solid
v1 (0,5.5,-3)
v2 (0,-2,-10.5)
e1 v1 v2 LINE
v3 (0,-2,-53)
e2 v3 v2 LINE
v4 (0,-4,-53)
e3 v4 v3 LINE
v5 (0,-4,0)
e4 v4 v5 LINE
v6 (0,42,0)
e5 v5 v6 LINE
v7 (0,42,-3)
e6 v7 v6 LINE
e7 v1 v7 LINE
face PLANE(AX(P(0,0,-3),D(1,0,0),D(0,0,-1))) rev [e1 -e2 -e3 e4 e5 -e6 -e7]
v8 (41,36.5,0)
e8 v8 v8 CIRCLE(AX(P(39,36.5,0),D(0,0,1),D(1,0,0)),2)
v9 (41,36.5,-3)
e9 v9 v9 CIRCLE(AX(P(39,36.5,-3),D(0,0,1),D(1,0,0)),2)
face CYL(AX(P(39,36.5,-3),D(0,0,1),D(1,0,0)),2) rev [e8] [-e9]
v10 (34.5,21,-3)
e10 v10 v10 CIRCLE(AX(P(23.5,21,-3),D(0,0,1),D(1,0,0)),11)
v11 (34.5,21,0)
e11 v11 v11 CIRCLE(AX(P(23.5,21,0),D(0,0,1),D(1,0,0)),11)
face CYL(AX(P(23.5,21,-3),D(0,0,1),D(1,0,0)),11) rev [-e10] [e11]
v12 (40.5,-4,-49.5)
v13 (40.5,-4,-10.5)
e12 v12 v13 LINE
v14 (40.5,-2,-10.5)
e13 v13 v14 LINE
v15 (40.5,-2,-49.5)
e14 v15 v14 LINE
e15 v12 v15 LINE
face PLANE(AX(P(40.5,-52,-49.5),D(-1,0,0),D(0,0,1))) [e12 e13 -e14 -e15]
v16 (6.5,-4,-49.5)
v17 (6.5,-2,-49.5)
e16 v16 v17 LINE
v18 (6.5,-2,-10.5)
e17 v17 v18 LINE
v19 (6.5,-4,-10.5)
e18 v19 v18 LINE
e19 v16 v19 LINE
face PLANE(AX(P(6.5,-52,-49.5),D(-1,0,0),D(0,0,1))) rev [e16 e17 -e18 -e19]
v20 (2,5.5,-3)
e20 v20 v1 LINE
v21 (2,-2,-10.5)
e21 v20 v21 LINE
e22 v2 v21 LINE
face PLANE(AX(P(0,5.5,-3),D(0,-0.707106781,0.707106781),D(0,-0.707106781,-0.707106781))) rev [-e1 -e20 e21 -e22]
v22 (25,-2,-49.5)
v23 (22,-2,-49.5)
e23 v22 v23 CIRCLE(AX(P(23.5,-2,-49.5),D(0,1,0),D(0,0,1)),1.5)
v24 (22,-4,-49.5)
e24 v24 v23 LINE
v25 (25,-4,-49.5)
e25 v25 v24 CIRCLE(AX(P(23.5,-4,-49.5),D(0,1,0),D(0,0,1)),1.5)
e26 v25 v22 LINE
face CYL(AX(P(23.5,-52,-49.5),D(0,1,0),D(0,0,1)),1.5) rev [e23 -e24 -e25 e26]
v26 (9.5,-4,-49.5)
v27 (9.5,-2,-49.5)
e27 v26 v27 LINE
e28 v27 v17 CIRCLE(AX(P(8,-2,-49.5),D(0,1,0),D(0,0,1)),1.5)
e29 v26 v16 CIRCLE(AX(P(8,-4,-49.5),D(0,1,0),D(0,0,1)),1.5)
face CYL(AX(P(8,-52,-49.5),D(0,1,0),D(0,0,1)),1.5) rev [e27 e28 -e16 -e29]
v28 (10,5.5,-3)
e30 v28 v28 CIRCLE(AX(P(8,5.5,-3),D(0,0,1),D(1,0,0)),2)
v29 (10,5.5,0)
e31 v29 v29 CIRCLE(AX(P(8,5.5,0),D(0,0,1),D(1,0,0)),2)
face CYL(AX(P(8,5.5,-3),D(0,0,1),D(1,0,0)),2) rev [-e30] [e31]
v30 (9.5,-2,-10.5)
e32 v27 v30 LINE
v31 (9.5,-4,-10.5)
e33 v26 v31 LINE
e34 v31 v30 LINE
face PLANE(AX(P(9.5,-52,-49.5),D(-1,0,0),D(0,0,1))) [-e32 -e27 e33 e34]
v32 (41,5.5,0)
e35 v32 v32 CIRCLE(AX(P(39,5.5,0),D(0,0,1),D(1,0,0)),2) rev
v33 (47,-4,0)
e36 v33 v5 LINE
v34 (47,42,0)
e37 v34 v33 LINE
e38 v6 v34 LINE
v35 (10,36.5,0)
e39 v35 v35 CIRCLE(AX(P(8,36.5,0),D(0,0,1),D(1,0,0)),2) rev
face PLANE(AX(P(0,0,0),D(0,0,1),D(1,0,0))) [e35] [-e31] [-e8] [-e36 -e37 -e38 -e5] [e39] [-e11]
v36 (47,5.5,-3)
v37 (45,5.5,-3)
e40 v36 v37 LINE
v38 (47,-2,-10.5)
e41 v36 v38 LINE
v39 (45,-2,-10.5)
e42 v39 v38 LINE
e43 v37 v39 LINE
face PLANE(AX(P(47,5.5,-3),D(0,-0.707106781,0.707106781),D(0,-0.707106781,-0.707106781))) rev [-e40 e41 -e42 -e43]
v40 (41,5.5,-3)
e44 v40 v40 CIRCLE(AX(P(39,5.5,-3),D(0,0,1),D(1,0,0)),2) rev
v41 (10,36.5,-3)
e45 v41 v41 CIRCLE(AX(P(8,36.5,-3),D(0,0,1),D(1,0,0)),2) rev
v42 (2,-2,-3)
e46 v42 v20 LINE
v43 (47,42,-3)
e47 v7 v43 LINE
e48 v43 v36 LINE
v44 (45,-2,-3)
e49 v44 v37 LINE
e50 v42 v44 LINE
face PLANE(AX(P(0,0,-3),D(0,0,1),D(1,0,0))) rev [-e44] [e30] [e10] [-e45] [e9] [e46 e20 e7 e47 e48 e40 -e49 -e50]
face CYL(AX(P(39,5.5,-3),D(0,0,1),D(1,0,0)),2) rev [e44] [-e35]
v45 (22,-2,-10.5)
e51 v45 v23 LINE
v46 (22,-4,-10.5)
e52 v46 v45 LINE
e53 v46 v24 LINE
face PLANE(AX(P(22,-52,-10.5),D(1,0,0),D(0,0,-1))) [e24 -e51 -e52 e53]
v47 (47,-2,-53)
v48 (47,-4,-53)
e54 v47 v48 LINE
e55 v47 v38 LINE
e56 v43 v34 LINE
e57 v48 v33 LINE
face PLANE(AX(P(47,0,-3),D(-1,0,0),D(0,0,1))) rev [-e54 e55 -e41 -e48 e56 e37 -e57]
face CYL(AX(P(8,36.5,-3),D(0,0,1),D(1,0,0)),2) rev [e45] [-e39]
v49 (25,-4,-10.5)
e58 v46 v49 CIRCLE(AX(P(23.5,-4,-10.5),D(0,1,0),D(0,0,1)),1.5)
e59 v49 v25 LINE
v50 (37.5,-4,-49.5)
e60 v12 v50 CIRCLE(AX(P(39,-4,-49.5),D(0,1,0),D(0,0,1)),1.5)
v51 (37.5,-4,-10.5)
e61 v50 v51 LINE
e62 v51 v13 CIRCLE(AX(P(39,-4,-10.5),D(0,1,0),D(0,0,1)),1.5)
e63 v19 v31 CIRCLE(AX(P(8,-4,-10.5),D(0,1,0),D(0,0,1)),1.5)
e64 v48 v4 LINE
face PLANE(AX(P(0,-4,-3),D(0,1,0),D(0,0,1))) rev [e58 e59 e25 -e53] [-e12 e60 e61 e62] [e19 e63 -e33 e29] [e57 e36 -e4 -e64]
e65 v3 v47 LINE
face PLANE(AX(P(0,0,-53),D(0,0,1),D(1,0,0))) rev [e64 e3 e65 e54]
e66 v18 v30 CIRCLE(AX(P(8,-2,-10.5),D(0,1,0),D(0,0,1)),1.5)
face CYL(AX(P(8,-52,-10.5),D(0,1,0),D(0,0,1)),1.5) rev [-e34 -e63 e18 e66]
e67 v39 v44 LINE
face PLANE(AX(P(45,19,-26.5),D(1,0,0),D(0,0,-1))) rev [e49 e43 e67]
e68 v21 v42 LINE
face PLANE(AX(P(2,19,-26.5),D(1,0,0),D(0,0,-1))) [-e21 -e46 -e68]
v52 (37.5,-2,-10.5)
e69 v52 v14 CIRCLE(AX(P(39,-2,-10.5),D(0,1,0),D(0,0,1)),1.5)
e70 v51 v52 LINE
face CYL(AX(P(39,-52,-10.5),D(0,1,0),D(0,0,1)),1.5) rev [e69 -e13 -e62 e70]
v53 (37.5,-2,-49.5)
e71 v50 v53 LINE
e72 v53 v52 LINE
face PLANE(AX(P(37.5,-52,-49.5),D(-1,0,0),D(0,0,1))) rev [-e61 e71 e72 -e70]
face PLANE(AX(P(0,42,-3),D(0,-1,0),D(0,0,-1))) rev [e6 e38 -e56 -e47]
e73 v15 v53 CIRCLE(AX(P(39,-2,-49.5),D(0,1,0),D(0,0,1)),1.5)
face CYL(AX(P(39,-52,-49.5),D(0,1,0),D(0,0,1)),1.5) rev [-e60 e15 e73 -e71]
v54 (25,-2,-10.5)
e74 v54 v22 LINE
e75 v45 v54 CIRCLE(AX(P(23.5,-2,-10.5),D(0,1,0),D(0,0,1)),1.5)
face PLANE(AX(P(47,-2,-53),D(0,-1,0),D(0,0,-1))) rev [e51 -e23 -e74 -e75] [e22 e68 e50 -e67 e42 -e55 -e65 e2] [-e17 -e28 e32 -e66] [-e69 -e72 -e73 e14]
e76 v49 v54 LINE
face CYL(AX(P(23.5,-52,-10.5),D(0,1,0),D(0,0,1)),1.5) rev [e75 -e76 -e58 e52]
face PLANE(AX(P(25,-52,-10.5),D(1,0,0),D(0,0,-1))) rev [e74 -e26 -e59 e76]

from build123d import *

# Parameters (mm, degrees)
SKETCH2_W           = 47
SKETCH2_H           = 42
SKETCH2_R           = 2
SKETCH2_R_2         = 11
BOSS_EXTRUDE1_DEPTH = 3
SKETCH2_3_W         = 47
SKETCH2_3_H         = 4
BOSS_EXTRUDE2_DEPTH = 3
SKETCH3_W           = 47
SKETCH3_H           = 2
BOSS_EXTRUDE3_DEPTH = 50
RIB1_REACH          = 84.353
SKETCH8_WALL_W      = 177.312400038
SKETCH8_WALL_H      = 2
RIB2_REACH          = 84.353
SKETCH10_WALL_W     = 177.312400038
SKETCH10_WALL_H     = 2
CUT_EXTRUDE1_DEPTH  = 50


with BuildPart() as part:
    # Sketch2 → Boss-Extrude1 (new body)
    with BuildSketch(Plane.XY):
        with Locations((23.5, 21)):
            Rectangle(SKETCH2_W, SKETCH2_H)
        with Locations((39, 5.5)):
            Circle(SKETCH2_R, mode=Mode.SUBTRACT)
        with Locations((8, 5.5)):
            Circle(SKETCH2_R, mode=Mode.SUBTRACT)
        with Locations((23.5, 21)):
            Circle(SKETCH2_R_2, mode=Mode.SUBTRACT)
        with Locations((39, 36.5)):
            Circle(SKETCH2_R, mode=Mode.SUBTRACT)
        with Locations((8, 36.5)):
            Circle(SKETCH2_R, mode=Mode.SUBTRACT)
    extrude(amount=-BOSS_EXTRUDE1_DEPTH)

    # Sketch2<3> → Boss-Extrude2 (add)
    with BuildSketch(Plane.XY):
        with Locations((23.5, -2)):
            Rectangle(SKETCH2_3_W, SKETCH2_3_H)
    extrude(amount=-BOSS_EXTRUDE2_DEPTH)

    # Sketch3 → Boss-Extrude3 (add)
    with BuildSketch(Plane(origin=(0, 0, -3), x_dir=(-1, 0, 0), z_dir=(0, 0, -1))):
        with Locations((-23.5, -3)):
            Rectangle(SKETCH3_W, SKETCH3_H)
    extrude(amount=BOSS_EXTRUDE3_DEPTH)

    # Sketch8 wall → Rib1 (add, up to next)
    with BuildSketch(Plane(origin=(0, 1.75, -6.75), x_dir=(0, -0.707106781187, -0.707106781187), z_dir=(0, 0.707106781187, -0.707106781187)), mode=Mode.PRIVATE) as rib1_sk1:
        with Locations((0, -1)):
            Rectangle(SKETCH8_WALL_W, SKETCH8_WALL_H)
    rib1_tool1 = extrude(rib1_sk1.sketch, amount=-RIB1_REACH, mode=Mode.PRIVATE) - part.part
    add(rib1_tool1.solids().sort_by_distance((0, 1.75, -6.75))[0])

    # Sketch10 wall → Rib2 (add, up to next)
    with BuildSketch(Plane(origin=(47, 1.75, -6.75), x_dir=(0, -0.707106781187, -0.707106781187), z_dir=(0, 0.707106781187, -0.707106781187)), mode=Mode.PRIVATE) as rib2_sk1:
        with Locations((0, 1)):
            Rectangle(SKETCH10_WALL_W, SKETCH10_WALL_H)
    rib2_tool1 = extrude(rib2_sk1.sketch, amount=-RIB2_REACH, mode=Mode.PRIVATE) - part.part
    add(rib2_tool1.solids().sort_by_distance((47, 1.75, -6.75))[0])

    # Sketch11 → Cut-Extrude1 (cut)
    with BuildSketch(Plane(origin=(0, -2, 0), x_dir=(1, 0, 0), z_dir=(0, 1, 0))):
        with BuildLine():
            Line((9.5, 49.5), (9.5, 10.5))
            ThreePointArc((9.5, 10.5), (8, 9), (6.5, 10.5))
            Line((6.5, 10.5), (6.5, 49.5))
            ThreePointArc((6.5, 49.5), (8, 51), (9.5, 49.5))
        make_face()
        with BuildLine():
            Line((22, 10.5), (22, 49.5))
            ThreePointArc((22, 49.5), (23.5, 51), (25, 49.5))
            Line((25, 49.5), (25, 10.5))
            ThreePointArc((25, 10.5), (23.5, 9), (22, 10.5))
        make_face()
        with BuildLine():
            Line((40.5, 49.5), (40.5, 10.5))
            ThreePointArc((40.5, 10.5), (39, 9), (37.5, 10.5))
            Line((37.5, 10.5), (37.5, 49.5))
            ThreePointArc((37.5, 49.5), (39, 51), (40.5, 49.5))
        make_face()
    extrude(amount=-CUT_EXTRUDE1_DEPTH, mode=Mode.SUBTRACT)


solid = part.part
